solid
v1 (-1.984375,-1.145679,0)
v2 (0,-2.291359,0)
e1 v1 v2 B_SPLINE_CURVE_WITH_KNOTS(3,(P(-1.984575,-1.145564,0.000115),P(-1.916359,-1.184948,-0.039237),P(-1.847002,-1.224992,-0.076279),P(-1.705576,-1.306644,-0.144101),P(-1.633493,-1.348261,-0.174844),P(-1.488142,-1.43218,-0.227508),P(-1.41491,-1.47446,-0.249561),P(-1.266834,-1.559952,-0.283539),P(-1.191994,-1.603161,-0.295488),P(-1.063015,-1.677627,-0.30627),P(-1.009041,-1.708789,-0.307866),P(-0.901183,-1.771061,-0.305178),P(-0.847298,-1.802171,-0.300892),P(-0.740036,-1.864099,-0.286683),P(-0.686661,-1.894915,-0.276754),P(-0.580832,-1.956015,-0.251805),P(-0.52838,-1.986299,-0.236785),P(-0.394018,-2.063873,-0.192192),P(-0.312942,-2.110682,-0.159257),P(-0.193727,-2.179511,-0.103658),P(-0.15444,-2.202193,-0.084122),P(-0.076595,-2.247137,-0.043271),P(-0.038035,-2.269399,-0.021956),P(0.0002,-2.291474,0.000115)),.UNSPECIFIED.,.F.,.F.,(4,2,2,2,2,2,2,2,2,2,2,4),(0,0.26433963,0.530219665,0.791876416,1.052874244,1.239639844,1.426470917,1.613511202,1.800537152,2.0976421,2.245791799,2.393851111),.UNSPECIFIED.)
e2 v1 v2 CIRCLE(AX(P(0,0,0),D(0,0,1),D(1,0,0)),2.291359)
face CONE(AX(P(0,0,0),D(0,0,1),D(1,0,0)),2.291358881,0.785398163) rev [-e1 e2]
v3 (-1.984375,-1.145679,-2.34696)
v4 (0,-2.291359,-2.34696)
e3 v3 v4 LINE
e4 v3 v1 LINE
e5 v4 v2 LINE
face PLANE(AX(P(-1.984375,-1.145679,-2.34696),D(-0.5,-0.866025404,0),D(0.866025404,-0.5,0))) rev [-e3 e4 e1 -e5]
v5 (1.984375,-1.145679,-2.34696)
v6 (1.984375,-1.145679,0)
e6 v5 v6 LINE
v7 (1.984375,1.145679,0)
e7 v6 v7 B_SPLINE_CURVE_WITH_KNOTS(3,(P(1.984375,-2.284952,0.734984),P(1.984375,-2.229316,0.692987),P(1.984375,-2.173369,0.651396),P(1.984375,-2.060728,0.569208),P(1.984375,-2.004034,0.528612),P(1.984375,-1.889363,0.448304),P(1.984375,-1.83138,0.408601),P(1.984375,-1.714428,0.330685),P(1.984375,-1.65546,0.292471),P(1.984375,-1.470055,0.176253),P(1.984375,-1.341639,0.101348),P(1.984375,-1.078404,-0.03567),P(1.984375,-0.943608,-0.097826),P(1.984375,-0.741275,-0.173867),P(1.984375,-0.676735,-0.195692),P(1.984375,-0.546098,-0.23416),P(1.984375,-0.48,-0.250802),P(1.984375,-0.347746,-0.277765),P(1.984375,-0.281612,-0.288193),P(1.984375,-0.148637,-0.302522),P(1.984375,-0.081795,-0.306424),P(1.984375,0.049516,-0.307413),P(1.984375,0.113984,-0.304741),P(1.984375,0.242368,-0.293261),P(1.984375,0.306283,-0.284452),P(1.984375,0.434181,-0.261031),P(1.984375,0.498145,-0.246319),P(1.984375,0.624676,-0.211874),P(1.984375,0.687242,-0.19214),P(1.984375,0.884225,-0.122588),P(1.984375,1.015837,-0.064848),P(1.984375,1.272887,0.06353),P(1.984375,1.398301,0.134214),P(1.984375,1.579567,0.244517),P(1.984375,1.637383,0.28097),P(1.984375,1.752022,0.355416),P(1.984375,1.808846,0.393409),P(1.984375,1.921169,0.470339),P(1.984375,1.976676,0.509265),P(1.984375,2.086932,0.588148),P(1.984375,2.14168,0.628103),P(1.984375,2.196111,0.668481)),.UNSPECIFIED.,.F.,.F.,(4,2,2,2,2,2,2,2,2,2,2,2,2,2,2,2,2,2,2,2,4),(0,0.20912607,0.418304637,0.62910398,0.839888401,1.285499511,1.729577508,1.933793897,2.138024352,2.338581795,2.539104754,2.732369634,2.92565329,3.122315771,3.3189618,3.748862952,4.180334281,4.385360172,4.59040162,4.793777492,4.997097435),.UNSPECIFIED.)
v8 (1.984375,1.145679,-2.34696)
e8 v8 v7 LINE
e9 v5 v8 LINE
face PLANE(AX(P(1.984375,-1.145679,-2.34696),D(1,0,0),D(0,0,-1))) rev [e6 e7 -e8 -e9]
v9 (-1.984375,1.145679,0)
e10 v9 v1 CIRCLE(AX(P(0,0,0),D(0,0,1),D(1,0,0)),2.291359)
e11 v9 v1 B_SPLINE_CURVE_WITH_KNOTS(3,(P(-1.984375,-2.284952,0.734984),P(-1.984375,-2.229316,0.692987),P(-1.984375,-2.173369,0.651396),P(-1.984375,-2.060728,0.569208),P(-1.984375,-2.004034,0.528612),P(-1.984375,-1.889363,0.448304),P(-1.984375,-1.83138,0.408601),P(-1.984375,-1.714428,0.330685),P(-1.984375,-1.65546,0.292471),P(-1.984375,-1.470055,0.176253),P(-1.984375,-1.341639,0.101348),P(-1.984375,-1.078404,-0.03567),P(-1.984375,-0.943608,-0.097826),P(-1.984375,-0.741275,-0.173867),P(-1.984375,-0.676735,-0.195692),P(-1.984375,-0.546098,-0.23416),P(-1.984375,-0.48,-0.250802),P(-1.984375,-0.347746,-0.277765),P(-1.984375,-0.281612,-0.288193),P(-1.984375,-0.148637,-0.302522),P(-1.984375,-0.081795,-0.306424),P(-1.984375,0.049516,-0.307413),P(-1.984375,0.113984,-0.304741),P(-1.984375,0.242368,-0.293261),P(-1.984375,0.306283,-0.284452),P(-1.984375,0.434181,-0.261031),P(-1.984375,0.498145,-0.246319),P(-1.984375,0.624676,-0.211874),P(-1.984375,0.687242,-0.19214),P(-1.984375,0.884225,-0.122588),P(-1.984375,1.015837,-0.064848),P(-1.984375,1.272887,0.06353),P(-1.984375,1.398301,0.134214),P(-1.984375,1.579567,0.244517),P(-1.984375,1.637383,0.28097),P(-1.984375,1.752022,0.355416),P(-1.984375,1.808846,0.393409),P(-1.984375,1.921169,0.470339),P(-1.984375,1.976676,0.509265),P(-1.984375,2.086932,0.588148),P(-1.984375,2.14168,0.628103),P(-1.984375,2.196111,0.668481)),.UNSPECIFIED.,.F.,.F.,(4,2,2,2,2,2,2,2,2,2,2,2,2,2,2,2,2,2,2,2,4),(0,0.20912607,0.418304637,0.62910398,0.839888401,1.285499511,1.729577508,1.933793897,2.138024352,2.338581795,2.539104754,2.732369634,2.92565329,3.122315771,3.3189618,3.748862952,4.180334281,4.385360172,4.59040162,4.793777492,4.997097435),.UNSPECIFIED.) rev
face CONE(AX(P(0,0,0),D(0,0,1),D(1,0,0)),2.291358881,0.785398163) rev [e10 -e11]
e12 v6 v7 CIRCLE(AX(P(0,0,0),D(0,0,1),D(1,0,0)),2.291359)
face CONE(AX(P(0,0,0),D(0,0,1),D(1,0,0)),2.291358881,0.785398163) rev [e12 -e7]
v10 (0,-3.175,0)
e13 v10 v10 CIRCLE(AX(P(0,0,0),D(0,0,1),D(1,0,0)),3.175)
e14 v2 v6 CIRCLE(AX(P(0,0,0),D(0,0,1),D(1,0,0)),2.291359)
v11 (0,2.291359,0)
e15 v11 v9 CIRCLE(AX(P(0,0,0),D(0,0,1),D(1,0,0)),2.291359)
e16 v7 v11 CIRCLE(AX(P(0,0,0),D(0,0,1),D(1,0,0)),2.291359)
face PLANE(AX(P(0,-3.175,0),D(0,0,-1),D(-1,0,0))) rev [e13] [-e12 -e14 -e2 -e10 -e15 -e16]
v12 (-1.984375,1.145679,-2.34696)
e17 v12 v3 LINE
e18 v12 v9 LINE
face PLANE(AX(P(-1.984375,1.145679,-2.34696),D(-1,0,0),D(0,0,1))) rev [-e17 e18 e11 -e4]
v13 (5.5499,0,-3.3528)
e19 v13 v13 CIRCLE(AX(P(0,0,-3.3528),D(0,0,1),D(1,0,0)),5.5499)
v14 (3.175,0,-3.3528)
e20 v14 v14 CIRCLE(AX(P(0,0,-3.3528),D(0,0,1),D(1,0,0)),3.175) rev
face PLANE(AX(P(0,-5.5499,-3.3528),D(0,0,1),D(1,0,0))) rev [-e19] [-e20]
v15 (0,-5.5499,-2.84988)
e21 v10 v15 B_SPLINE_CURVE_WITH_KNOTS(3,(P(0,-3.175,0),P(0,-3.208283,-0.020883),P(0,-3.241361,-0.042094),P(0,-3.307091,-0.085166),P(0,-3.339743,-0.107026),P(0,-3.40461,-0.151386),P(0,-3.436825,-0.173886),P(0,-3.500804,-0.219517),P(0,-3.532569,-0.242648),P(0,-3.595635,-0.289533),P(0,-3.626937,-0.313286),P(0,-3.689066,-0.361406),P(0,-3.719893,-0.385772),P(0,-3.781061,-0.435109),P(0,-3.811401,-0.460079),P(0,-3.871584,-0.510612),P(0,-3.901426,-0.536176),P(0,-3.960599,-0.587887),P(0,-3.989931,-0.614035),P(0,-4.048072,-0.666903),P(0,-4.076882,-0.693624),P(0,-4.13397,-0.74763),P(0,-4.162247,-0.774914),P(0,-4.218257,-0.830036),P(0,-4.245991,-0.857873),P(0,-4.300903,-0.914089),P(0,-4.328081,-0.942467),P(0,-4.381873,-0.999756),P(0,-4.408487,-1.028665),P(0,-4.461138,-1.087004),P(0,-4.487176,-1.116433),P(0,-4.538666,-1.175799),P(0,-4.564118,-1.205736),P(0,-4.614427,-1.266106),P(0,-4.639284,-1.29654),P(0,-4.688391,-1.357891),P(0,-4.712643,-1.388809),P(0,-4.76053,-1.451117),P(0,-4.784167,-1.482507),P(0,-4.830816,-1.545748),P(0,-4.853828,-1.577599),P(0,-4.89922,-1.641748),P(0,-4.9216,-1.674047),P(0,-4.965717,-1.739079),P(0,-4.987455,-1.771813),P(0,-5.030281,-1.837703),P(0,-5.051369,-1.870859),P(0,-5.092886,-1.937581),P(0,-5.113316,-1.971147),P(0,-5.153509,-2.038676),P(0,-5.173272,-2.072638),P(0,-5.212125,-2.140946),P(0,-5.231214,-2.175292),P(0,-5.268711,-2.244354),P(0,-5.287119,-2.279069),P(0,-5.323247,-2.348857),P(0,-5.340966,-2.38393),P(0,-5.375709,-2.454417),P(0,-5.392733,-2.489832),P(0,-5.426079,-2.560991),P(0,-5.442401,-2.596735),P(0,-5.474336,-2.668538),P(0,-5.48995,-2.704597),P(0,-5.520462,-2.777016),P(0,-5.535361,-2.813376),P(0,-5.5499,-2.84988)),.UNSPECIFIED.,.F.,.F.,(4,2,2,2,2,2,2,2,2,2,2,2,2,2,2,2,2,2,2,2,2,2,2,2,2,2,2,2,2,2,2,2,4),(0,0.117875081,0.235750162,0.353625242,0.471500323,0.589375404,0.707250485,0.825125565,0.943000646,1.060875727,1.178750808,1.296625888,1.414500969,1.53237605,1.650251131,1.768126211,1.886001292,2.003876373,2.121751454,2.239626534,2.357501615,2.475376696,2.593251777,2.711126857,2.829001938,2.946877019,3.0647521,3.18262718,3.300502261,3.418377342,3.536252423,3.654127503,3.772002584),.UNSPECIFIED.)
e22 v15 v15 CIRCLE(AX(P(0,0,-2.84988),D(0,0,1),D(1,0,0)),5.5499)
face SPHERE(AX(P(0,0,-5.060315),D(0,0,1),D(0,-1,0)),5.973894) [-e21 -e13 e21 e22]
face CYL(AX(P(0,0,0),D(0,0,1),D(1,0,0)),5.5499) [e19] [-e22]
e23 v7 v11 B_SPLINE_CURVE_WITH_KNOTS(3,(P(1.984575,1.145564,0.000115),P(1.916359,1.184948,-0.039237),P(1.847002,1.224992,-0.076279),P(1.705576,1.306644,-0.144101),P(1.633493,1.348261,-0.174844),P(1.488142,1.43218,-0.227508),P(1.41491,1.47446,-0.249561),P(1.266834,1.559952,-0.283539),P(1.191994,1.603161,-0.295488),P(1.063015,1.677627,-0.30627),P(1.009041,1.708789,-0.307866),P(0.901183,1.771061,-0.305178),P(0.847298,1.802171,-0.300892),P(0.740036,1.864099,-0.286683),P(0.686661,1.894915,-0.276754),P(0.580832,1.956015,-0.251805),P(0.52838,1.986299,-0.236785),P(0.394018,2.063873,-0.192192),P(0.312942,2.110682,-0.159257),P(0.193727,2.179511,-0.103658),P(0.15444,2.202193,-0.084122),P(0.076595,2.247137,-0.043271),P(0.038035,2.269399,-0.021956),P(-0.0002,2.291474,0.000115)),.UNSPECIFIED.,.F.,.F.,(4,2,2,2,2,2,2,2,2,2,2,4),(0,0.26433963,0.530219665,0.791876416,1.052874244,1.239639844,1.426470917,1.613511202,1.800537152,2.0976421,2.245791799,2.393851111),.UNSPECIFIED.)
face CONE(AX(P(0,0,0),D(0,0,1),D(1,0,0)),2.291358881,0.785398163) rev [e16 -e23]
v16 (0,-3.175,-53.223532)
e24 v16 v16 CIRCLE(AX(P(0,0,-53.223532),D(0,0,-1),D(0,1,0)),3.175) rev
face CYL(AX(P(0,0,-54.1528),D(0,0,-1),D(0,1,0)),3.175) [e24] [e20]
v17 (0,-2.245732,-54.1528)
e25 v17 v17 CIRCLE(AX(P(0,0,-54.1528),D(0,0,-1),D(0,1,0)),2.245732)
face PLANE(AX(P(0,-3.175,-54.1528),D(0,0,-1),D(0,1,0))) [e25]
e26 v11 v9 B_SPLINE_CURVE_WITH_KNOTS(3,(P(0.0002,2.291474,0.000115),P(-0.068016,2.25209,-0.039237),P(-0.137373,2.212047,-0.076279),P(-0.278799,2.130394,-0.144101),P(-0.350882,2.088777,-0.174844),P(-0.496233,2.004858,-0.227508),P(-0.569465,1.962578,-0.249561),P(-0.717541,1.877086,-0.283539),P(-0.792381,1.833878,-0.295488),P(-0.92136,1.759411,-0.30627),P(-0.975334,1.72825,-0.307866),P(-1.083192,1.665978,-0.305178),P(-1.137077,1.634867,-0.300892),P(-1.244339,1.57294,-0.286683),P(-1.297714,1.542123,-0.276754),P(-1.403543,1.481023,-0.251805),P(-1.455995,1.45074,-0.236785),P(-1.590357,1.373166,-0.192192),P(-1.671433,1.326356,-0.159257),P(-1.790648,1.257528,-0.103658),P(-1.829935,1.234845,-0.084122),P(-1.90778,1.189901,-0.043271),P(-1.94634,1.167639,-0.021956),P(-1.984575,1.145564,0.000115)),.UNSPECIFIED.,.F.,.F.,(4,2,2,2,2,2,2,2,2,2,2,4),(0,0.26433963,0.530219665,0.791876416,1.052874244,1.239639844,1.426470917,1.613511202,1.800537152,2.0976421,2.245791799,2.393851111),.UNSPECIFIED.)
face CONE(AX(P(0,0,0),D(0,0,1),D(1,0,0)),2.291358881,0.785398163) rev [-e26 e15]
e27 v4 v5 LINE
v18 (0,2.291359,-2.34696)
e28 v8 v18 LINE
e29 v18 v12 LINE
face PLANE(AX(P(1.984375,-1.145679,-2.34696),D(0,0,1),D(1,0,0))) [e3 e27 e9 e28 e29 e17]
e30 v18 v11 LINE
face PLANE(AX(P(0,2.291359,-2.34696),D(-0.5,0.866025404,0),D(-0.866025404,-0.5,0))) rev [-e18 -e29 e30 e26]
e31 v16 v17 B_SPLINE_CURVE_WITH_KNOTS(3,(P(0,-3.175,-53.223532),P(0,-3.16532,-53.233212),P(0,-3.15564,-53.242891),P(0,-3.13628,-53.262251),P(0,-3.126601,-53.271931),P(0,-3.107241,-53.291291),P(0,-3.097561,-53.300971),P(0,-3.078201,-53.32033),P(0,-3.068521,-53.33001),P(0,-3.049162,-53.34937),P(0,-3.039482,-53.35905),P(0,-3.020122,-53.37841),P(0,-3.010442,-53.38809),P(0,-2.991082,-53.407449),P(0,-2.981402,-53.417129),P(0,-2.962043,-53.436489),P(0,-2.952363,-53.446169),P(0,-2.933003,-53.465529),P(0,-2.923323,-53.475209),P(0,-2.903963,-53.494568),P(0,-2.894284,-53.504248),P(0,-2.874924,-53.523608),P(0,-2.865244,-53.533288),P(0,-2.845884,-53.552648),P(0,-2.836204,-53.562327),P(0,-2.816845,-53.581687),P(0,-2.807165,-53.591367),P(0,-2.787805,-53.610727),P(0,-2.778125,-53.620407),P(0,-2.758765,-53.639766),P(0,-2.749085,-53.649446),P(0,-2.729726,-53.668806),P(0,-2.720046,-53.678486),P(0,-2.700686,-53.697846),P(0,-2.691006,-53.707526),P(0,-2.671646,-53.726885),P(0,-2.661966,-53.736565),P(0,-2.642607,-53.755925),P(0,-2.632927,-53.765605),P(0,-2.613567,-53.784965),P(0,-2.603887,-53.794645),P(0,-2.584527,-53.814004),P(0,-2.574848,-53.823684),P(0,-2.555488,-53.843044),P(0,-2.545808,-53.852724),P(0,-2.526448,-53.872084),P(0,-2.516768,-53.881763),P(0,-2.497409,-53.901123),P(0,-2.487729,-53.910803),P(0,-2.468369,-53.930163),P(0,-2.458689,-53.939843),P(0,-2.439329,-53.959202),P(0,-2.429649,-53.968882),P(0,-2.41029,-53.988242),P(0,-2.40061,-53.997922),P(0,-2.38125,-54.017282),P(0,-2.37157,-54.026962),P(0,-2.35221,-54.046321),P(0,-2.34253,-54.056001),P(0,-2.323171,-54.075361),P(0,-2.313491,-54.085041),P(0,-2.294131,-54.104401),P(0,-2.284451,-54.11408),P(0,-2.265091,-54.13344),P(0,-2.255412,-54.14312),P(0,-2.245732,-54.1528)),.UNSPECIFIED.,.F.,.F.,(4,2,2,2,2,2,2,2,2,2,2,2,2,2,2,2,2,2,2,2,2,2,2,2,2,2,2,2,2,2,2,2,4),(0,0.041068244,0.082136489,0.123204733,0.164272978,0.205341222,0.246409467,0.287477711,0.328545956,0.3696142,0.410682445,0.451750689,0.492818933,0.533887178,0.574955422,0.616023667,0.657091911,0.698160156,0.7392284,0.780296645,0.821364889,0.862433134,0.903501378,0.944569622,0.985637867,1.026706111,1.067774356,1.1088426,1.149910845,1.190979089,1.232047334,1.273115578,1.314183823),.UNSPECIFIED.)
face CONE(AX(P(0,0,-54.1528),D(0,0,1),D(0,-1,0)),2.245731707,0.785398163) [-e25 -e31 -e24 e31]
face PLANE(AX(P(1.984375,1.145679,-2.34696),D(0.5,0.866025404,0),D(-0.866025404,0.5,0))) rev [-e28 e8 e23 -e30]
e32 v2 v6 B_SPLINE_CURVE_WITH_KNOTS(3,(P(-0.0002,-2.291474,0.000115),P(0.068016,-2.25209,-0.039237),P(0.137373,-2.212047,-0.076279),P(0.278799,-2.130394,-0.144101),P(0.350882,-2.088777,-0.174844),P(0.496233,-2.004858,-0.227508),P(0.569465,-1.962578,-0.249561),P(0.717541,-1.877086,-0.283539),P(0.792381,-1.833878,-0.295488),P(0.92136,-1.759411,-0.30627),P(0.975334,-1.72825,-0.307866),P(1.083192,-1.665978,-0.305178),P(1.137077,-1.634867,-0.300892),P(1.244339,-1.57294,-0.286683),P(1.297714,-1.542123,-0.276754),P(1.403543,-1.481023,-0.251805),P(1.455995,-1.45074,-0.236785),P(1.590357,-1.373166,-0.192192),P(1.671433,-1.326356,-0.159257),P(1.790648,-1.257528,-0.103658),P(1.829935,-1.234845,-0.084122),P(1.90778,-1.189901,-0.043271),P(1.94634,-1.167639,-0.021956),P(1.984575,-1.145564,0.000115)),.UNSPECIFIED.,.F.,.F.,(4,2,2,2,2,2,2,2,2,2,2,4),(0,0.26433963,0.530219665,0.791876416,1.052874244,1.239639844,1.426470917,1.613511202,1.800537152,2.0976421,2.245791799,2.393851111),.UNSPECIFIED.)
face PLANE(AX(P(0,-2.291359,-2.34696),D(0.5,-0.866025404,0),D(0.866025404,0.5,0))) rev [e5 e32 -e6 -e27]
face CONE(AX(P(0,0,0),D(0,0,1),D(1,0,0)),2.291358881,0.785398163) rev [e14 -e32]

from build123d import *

# Parameters (mm, degrees)
SKETCH1_W          = 50.8
SKETCH1_H          = 3.175
CHAMFER1_SIZE      = 0.929268293
CUT_EXTRUDE2_DEPTH = 2.34696


with BuildPart() as part:
    # Sketch1 → Revolve1 (revolve)
    with BuildSketch(Plane(origin=(0, 0, 0), x_dir=(0, 0, -1), z_dir=(1, 0, 0))):
        with Locations((28.7528, 1.5875)):
            Rectangle(SKETCH1_W, SKETCH1_H)
    revolve(axis=Axis((0, 0, -54.1528), (0, 0, 1)))

    # Chamfer1
    chamfer1_edges = [part.edges().sort_by_distance(p)[0] for p in [
        (0, -3.175, -54.1528),
    ]]
    chamfer(chamfer1_edges, length=CHAMFER1_SIZE)

    # Sketch7 → Revolve2 (revolve)
    with BuildSketch(Plane(origin=(0, 0, 0), x_dir=(0, 0, -1), z_dir=(1, 0, 0))):
        with BuildLine():
            Line((2.84988, 5.5499), (3.3528, 5.5499))
            Line((3.3528, 5.5499), (3.3528, 0))
            Line((3.3528, 0), (0, 0))
            Line((0, 0), (0, 3.175))
            ThreePointArc((0, 3.175), (1.235921075, 4.58927271), (2.84988, 5.5499))
        make_face()
    revolve(axis=Axis((0, 0, 0), (0, 0, -1)))

    # Sketch5 → Cut-Extrude2 (cut)
    with BuildSketch(Plane.XY):
        Polygon((1.984375, -1.14567944), (1.984375, 1.14567944), (0, 2.291358881), (-1.984375, 1.14567944), (-1.984375, -1.14567944), (0, -2.291358881), align=None)
    extrude(amount=-CUT_EXTRUDE2_DEPTH, mode=Mode.SUBTRACT)

    # Cut-Extrude3 cone 1 section (through the dimple's axis) → Cut-Extrude3 (revolve, cut)
    with BuildSketch(Plane(origin=(0, 0, 0), x_dir=(0, -1, 0), z_dir=(1, 0, 0))):
        Polygon((0, 0), (2.291358881, 0), (0, 2.291358881), align=None)
    revolve(axis=Axis((0, 0, 0), (0, 0, -1)), mode=Mode.SUBTRACT)


solid = part.part
